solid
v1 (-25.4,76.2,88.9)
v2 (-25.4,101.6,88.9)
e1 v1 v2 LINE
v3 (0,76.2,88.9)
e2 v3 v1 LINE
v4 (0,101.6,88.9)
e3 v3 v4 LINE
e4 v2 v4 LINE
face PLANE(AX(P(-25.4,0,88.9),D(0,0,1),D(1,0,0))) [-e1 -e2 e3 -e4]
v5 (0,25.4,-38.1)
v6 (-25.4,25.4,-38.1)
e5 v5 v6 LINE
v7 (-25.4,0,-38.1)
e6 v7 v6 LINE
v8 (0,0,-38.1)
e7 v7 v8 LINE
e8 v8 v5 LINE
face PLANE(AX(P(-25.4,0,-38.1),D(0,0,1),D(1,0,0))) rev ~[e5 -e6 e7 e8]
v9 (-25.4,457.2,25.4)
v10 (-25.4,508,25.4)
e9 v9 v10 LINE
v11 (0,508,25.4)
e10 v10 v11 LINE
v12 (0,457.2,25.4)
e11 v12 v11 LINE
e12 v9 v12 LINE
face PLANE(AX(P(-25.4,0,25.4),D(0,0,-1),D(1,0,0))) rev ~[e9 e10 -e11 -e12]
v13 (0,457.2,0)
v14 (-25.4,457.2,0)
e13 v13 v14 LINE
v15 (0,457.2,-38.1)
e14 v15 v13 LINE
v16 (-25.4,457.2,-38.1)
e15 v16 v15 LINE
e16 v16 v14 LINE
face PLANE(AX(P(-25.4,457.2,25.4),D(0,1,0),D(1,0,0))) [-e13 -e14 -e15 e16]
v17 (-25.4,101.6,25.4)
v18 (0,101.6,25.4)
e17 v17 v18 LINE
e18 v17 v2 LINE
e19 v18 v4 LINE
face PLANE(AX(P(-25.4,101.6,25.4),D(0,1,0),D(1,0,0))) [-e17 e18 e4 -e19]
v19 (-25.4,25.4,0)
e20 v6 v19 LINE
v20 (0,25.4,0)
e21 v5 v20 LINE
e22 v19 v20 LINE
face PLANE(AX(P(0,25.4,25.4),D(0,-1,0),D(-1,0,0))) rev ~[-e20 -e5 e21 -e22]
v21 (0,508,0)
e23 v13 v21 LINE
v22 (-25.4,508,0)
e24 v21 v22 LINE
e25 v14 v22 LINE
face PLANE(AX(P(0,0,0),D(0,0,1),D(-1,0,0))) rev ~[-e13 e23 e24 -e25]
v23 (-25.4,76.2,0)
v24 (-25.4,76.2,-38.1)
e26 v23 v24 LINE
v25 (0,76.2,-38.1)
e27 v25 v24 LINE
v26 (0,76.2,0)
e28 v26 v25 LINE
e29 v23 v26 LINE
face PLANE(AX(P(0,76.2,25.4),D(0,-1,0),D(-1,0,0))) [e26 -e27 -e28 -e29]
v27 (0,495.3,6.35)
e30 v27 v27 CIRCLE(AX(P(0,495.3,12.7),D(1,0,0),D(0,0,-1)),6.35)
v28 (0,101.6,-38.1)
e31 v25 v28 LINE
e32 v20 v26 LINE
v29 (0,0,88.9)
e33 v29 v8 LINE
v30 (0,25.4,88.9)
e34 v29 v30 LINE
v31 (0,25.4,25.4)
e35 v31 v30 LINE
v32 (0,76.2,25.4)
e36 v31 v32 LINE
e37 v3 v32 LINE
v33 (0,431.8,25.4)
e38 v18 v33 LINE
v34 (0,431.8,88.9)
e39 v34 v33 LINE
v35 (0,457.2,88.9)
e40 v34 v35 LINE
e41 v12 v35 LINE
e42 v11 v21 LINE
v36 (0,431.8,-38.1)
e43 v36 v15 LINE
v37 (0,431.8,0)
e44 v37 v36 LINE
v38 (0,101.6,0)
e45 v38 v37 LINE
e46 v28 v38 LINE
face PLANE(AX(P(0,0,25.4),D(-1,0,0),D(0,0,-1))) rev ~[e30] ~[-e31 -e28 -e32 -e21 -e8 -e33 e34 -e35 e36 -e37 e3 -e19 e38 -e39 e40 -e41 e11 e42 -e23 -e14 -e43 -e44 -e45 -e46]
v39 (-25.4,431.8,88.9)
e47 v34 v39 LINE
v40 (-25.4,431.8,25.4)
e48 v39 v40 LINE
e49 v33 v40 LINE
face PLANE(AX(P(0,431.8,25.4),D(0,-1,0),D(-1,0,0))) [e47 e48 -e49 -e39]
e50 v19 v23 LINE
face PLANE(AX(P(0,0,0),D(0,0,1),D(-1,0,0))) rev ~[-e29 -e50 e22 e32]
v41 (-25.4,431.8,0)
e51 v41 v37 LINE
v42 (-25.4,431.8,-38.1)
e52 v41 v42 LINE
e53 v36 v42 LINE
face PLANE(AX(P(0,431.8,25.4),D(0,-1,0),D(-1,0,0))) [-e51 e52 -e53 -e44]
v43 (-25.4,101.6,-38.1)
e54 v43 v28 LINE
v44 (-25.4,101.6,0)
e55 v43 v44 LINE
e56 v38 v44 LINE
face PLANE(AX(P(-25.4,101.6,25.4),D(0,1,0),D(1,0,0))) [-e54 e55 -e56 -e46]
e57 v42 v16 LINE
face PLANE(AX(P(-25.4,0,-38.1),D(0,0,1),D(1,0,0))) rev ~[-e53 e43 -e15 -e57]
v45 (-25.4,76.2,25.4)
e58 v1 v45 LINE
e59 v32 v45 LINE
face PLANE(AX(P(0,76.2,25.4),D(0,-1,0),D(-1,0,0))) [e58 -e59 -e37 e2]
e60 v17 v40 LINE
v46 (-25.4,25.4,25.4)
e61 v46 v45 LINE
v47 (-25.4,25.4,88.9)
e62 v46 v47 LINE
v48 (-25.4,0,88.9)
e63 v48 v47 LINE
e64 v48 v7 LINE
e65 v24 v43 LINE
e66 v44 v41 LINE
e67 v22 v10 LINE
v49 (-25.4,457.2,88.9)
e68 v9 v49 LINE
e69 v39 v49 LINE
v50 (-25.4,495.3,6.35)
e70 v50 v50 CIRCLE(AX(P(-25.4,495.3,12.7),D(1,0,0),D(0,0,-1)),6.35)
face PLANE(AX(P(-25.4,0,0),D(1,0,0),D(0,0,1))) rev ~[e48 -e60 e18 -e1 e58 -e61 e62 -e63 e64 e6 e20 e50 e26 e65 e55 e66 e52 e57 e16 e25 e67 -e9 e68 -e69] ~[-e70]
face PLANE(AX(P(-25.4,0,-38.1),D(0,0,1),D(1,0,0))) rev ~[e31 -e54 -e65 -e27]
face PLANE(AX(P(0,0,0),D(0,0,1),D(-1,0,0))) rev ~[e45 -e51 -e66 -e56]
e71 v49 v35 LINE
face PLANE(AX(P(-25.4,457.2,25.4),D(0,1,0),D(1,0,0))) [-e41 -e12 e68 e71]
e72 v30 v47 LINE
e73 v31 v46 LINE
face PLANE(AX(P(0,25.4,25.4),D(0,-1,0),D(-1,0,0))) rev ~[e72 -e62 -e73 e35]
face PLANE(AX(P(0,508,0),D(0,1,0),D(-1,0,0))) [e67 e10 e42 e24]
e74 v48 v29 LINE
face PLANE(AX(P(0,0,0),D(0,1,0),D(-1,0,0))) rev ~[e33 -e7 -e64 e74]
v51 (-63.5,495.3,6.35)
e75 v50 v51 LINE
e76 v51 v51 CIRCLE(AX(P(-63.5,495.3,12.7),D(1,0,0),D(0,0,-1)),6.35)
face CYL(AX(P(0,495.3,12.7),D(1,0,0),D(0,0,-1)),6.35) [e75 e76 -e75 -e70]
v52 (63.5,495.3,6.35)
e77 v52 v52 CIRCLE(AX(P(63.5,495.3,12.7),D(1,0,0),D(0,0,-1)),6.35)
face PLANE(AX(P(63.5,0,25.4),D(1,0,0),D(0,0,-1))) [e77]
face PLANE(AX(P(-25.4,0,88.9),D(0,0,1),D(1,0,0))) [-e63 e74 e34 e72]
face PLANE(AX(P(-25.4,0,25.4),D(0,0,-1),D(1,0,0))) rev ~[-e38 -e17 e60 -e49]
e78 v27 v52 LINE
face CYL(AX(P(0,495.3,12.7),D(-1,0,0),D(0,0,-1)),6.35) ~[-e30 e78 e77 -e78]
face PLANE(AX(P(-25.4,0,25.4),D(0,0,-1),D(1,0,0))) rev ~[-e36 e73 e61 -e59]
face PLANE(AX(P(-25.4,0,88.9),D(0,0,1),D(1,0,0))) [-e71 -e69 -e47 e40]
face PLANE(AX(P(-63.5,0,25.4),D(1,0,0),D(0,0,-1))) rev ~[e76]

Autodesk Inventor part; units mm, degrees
ref_plane "YZ Plane" through (0, 0, 0) normal (1, 0, 0) x (0, 1, 0)
ref_plane "XZ Plane" through (0, 0, 0) normal (0, 1, 0) x (-1, 0, 0)
ref_plane "XY Plane" through (0, 0, 0) normal (0, 0, 1) x (1, 0, 0)
sketch "Sketch2" plane through (0, 0, 0) normal (0, 1, 0) x (-1, 0, 0)
  line L0 (0, 0) -> (25.4, 0)
  line L1 (25.4, 0) -> (25.4, 25.4)
  line L2 (25.4, 25.4) -> (0, 25.4)
  line L3 (0, 25.4) -> (0, 0)
  dimension "d0" = 25.4
  dimension "d1" = 25.4
extrude "Extrusion1" add sketch "Sketch2" along normal blind 508
sketch "Sketch3" plane through (0, 0, 25.4) normal (1, 0, 0) x (0, 0, -1)
  line L0 (25.4, 508) -> (0, 508) projected
  line L1 (25.4, 0) -> (25.4, 508) projected
  circle A0 centre (12.7, 495.3) radius 6.35
  dimension "d4" = 12.7
  dimension "d5" = 12.7
  dimension "d6" = 12.7
extrude "Extrusion2" add sketch "Sketch3" along normal mid plane 127
sketch "Sketch4" plane through (-25.4, 0, 25.4) normal (0, 0, 1) x (1, 0, 0)
  line L0 (25.4, 508) -> (0, 508) projected
  line L1 (0, 0) -> (0, 508) projected
  line L2 (0, 0) -> (25.4, 0) projected
  line L3 (25.4, 0) -> (25.4, 508) projected
  line L4 (0, 457.2) -> (25.4, 457.2)
  line L5 (25.4, 457.2) -> (25.4, 431.8)
  line L6 (25.4, 431.8) -> (0, 431.8)
  line L7 (0, 431.8) -> (0, 457.2)
  line L8 (0, 101.6) -> (25.4, 101.6)
  line L9 (25.4, 101.6) -> (25.4, 76.2)
  line L10 (25.4, 76.2) -> (0, 76.2)
  line L11 (0, 76.2) -> (0, 101.6)
  line L12 (0, 0) -> (25.4, 0)
  line L13 (25.4, 0) -> (25.4, 25.4)
  line L14 (25.4, 25.4) -> (0, 25.4)
  line L15 (0, 25.4) -> (0, 0)
  dimension "d9" = 25.4
  dimension "d10" = 50.8
  dimension "d11" = 25.4
  dimension "d13" = 330.2
  dimension "d14" = 381
  dimension "d17" = 25.4
  dimension "d18" = 101.6
extrude "Extrusion3" add sketch "Sketch4" along normal mid plane 127 contours L3 L6 L1 L4 | L3 L10 L1 L8 | L3 L2 L1 L14
properties part number "InnerTelescopeMockup"
